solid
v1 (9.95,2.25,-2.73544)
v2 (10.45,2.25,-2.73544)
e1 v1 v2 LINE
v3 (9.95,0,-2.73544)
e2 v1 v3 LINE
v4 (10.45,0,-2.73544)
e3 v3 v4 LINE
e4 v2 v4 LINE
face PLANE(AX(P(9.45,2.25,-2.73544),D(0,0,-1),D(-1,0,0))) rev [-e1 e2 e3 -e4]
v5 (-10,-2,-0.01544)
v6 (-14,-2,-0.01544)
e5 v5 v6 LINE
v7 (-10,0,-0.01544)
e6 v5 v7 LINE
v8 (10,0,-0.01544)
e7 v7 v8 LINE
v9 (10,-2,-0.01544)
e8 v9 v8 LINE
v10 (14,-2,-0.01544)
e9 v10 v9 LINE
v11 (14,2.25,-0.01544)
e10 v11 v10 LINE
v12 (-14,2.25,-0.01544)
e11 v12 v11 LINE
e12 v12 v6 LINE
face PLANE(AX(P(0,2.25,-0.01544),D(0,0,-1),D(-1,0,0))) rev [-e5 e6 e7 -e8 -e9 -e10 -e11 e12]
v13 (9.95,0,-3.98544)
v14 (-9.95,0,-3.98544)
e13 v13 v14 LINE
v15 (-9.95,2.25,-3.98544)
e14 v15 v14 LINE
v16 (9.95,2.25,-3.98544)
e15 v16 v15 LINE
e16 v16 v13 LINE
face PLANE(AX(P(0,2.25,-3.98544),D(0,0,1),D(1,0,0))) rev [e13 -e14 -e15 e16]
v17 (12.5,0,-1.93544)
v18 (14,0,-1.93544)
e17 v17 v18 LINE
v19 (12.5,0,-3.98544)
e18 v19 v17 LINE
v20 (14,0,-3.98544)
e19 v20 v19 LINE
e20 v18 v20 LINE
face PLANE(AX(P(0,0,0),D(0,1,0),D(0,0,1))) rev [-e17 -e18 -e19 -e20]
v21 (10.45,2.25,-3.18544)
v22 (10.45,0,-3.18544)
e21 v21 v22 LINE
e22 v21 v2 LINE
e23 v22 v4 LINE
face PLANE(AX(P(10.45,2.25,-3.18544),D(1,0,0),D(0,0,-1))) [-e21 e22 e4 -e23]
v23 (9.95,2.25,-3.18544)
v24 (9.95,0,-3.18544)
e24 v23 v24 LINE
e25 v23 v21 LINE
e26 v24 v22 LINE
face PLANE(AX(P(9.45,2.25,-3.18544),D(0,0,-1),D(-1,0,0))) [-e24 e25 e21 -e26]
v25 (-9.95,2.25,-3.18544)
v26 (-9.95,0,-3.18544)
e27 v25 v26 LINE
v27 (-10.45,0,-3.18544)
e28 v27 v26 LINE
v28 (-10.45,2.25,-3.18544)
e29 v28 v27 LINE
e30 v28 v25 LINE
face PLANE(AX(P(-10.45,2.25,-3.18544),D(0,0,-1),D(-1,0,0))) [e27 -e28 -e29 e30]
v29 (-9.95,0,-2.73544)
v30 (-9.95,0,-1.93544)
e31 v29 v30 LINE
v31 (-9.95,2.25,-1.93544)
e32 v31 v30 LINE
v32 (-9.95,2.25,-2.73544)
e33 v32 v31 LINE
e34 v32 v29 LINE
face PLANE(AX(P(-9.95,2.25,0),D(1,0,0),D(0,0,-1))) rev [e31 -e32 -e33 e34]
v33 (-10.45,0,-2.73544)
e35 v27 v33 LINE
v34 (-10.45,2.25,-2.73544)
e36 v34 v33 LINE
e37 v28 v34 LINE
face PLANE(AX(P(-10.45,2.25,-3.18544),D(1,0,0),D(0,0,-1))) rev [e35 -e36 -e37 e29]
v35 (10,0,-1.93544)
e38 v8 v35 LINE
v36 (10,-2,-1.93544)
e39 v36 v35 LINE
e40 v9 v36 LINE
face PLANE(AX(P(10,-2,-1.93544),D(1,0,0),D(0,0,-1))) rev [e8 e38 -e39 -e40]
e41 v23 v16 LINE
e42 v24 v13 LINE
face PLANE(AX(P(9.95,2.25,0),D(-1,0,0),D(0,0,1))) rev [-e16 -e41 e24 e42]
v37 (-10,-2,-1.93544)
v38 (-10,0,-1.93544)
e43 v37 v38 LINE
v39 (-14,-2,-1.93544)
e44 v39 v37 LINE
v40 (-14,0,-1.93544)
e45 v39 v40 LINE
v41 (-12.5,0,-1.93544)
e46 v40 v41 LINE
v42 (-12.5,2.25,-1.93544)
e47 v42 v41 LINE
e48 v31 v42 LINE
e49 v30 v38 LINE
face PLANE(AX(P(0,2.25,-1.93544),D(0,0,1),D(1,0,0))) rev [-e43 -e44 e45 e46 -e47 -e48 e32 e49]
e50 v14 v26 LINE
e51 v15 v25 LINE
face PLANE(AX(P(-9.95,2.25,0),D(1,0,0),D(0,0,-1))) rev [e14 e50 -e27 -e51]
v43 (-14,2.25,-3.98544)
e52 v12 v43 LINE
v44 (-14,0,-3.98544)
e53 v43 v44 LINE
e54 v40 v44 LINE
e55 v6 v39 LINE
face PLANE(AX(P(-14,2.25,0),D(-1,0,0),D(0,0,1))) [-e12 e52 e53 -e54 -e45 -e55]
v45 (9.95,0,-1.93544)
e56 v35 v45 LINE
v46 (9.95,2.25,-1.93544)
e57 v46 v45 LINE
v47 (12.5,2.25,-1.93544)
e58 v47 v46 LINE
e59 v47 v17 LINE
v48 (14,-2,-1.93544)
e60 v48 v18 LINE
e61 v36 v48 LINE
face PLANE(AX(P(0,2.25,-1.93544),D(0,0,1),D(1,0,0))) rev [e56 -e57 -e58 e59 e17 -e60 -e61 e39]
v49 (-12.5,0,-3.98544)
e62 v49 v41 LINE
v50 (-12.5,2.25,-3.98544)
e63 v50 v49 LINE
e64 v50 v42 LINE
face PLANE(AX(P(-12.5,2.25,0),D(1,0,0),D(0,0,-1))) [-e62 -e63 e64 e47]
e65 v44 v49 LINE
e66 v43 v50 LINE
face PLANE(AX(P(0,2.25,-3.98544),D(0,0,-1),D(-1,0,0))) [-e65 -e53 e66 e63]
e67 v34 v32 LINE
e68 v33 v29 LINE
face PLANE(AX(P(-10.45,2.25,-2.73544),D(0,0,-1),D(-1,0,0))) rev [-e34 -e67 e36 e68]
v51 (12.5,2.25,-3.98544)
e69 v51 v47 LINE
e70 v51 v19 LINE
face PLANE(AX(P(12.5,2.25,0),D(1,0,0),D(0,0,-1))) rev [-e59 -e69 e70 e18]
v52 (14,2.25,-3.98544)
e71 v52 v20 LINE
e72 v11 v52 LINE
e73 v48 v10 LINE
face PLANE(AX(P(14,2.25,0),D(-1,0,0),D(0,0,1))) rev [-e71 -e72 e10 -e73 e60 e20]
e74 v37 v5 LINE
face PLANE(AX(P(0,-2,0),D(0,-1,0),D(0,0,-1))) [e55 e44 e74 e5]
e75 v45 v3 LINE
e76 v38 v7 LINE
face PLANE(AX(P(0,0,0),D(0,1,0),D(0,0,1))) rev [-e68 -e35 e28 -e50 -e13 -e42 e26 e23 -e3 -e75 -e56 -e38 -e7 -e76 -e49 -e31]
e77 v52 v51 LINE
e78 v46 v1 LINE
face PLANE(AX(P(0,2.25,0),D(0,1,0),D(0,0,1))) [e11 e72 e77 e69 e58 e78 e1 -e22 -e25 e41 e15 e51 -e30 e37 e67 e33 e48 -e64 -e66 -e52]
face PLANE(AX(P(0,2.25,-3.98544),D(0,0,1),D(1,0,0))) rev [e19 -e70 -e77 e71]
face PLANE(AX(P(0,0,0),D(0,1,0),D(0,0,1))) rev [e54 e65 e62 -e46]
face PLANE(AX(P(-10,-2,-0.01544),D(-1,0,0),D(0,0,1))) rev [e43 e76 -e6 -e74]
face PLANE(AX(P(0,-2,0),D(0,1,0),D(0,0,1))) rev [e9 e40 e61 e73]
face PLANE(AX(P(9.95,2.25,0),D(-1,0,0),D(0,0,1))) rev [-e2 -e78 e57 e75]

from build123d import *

# Parameters (mm, degrees)
Y_KSEKLIK_EKSTR_ZYON1_DEPTH = 2.25
IZIM5_W                     = 4
IZIM5_H                     = 1.92
Y_KSEKLIK_EKSTR_ZYON4_DEPTH = 2


with BuildPart() as part:
    # Çizim1 → Yükseklik-Ekstrüzyon1 (new body)
    with BuildSketch(Plane(origin=(0, 0, 0), x_dir=(1, 0, 0), z_dir=(0, 1, 0))):
        Polygon((-14, 3.985440092), (-14, 0.015440092), (14, 0.015440092), (14, 3.985440092), (12.5, 3.985440092), (12.5, 1.935440092), (9.95, 1.935440092), (9.95, 2.735440092), (10.45, 2.735440092), (10.45, 3.185440092), (9.95, 3.185440092), (9.95, 3.985440092), (-9.95, 3.985440092), (-9.95, 3.185440092), (-10.45, 3.185440092), (-10.45, 2.735440092), (-9.95, 2.735440092), (-9.95, 1.935440092), (-12.5, 1.935440092), (-12.5, 3.985440092), align=None)
    extrude(amount=Y_KSEKLIK_EKSTR_ZYON1_DEPTH)

    # Çizim5 → Yükseklik-Ekstrüzyon4 (add)
    with BuildSketch(Plane.XZ):
        with Locations((-12, -0.975440092)):
            Rectangle(IZIM5_W, IZIM5_H)
        with Locations((12, -0.975440092)):
            Rectangle(IZIM5_W, IZIM5_H)
    extrude(amount=Y_KSEKLIK_EKSTR_ZYON4_DEPTH)


solid = part.part
